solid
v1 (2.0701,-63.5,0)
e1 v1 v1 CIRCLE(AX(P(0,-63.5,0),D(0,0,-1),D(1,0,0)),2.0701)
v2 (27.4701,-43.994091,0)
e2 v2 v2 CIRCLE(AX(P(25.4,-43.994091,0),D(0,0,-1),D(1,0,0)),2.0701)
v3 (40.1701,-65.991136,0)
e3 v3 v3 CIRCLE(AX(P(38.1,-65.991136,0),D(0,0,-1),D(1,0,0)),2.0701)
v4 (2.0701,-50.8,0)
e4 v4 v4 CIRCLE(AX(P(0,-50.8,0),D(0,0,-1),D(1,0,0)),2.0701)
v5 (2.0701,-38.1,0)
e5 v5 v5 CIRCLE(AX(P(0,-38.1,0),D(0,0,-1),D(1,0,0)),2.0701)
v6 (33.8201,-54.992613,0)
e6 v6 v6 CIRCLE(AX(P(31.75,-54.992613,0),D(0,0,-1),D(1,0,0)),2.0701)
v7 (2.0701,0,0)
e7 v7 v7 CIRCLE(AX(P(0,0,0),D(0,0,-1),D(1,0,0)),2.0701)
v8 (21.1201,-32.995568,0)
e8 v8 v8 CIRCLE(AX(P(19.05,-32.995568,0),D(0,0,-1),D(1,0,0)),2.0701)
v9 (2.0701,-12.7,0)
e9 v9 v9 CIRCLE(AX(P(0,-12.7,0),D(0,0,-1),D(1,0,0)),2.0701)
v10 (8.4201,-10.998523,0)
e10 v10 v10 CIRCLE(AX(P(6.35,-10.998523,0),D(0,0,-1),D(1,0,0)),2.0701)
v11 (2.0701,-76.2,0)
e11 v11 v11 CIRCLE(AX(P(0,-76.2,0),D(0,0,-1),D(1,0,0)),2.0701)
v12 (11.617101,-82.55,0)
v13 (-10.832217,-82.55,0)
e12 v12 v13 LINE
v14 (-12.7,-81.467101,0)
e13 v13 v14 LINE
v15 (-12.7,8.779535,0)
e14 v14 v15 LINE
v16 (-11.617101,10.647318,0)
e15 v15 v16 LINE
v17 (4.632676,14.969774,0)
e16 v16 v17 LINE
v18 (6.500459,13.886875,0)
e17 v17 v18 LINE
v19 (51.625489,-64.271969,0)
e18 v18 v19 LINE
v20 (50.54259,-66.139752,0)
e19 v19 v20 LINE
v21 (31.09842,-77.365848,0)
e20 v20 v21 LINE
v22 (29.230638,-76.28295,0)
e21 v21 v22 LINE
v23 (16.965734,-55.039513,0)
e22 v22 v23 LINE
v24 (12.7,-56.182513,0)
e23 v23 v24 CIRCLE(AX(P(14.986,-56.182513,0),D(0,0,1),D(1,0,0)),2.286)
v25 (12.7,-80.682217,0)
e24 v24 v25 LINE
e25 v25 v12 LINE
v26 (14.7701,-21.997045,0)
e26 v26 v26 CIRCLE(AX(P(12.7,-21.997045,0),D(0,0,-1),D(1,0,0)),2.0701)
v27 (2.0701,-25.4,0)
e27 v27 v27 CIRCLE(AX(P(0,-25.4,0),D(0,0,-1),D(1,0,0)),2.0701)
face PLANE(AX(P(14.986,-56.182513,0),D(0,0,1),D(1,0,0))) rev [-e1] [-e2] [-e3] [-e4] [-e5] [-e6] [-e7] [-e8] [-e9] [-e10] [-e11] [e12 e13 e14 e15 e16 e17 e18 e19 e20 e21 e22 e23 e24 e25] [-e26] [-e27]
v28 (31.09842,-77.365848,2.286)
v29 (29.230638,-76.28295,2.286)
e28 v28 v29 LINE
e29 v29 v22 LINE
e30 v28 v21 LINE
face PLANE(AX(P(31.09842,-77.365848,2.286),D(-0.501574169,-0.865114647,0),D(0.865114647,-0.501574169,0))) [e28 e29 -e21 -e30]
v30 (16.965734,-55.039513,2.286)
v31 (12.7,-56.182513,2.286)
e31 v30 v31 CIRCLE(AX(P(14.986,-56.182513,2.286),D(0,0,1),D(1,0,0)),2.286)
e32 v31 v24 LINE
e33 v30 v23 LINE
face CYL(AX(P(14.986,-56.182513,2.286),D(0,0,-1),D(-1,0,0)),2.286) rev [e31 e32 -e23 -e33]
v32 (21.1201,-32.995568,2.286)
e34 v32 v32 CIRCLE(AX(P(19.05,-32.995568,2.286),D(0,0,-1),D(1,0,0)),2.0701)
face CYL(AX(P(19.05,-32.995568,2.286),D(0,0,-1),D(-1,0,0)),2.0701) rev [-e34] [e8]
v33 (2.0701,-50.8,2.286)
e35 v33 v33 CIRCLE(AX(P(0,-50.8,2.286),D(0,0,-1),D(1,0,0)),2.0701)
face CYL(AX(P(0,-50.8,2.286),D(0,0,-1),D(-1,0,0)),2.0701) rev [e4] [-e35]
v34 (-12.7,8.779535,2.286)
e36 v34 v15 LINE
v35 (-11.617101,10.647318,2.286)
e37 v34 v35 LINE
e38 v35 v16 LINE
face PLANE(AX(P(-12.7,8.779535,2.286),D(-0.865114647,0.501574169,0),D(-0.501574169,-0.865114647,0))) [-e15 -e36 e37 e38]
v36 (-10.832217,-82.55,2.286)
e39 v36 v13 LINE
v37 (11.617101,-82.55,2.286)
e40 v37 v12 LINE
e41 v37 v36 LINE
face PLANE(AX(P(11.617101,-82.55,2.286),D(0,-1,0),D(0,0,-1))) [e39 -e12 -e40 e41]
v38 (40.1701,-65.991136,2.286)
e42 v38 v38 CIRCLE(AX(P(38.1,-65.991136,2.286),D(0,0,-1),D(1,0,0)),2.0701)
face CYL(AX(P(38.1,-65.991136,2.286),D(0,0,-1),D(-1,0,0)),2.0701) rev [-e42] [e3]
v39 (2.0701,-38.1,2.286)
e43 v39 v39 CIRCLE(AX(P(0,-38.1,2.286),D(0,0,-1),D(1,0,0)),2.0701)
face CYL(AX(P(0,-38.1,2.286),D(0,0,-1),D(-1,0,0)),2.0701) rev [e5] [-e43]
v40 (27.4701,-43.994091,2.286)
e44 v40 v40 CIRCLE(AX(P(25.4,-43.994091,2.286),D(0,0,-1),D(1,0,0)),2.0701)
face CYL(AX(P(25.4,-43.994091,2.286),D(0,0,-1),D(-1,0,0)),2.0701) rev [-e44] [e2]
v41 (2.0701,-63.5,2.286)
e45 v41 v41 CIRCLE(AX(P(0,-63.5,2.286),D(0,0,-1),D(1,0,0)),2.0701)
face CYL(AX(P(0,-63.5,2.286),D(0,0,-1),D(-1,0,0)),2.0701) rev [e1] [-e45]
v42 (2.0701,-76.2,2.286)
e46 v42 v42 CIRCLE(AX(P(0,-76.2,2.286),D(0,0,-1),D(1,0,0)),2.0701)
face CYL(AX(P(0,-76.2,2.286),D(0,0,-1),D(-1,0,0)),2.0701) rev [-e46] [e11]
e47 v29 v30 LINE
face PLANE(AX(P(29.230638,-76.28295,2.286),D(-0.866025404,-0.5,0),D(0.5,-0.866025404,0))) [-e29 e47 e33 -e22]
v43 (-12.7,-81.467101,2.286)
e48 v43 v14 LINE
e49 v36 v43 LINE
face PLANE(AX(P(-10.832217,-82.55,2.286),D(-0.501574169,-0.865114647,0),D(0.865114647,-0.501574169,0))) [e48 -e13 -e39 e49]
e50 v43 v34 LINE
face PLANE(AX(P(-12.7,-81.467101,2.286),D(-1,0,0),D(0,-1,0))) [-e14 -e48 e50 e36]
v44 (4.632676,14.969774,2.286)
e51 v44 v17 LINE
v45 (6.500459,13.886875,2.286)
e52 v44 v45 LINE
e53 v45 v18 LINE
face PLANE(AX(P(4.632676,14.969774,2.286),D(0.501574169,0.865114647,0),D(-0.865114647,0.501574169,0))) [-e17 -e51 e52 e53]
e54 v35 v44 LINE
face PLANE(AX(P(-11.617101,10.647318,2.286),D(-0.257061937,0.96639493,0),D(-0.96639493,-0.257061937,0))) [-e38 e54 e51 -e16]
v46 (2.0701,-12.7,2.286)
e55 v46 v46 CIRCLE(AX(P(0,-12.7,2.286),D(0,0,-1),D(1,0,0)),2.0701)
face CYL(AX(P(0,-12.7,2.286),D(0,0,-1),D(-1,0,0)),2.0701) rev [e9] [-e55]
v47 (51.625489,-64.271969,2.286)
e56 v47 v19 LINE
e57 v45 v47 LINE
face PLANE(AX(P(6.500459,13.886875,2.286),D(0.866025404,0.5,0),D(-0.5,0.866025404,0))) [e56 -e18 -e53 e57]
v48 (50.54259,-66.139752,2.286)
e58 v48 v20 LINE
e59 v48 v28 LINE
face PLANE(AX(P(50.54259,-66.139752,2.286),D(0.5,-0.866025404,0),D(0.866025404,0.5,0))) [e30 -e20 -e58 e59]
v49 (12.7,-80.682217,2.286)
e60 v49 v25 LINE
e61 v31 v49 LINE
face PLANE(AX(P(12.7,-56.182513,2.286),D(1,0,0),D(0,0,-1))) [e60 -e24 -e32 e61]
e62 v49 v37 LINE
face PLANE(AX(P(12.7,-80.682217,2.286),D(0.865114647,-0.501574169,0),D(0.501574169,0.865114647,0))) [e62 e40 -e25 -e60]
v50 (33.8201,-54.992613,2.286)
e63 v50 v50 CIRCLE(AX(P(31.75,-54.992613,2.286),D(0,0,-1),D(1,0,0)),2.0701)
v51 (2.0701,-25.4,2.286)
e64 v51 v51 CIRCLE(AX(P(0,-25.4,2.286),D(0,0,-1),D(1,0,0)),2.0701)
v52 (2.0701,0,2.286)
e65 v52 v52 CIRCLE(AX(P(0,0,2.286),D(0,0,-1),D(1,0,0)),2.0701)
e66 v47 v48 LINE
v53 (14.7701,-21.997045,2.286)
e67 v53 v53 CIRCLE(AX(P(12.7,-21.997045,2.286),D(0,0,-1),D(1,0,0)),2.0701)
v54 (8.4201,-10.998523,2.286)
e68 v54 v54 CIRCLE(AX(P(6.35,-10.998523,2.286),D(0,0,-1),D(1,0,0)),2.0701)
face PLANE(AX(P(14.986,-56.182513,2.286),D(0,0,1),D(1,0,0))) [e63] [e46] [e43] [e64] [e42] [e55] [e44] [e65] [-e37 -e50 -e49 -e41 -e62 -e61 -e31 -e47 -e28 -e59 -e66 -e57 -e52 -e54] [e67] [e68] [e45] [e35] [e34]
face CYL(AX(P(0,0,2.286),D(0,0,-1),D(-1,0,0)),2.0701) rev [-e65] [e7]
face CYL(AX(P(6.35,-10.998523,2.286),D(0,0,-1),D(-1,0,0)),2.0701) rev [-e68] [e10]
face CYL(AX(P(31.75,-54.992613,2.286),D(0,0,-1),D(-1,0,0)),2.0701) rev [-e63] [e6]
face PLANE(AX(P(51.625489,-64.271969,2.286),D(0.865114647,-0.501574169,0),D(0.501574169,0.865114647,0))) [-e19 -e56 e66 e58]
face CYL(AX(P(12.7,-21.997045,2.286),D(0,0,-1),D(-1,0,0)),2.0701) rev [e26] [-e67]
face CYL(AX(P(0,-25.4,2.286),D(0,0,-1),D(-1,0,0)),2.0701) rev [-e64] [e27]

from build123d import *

# Parameters (mm, degrees)
SKETCH1_R           = 2.0701
BOSS_EXTRUDE1_DEPTH = 2.286


with BuildPart() as part:
    # Sketch1 → Boss-Extrude1 (new body)
    with BuildSketch(Plane(origin=(0, 0, 0), x_dir=(-1, 0, 0), z_dir=(0, 0, -1))):
        with BuildLine():
            Line((-29.230637652, -76.282949552), (-16.965734073, -55.039513402))
            ThreePointArc((-16.965734073, -55.039513402), (-14.394339663, -53.974406963), (-12.7, -56.182513402))
            Line((-12.7, -56.182513402), (-12.7, -80.682217477))
            Line((-12.7, -80.682217477), (-11.617101368, -82.55))
            Line((-11.617101368, -82.55), (10.832217477, -82.55))
            Line((10.832217477, -82.55), (12.7, -81.467101368))
            Line((12.7, -81.467101368), (12.7, 8.779535349))
            Line((12.7, 8.779535349), (11.617101368, 10.647317872))
            Line((11.617101368, 10.647317872), (-4.632676327, 14.969773631))
            Line((-4.632676327, 14.969773631), (-6.50045885, 13.886874999))
            Line((-6.50045885, 13.886874999), (-51.625488503, -64.271969053))
            Line((-51.625488503, -64.271969053), (-50.542589871, -66.139751576))
            Line((-50.542589871, -66.139751576), (-31.098420176, -77.365848184))
            Line((-31.098420176, -77.365848184), (-29.230637652, -76.282949552))
        make_face()
        with Locations((-38.1, -65.991135768)):
            Circle(SKETCH1_R, mode=Mode.SUBTRACT)
        with Locations((0, -63.5)):
            Circle(SKETCH1_R, mode=Mode.SUBTRACT)
        with Locations((-25.4, -43.994090512)):
            Circle(SKETCH1_R, mode=Mode.SUBTRACT)
        with Locations((-12.7, -21.997045256)):
            Circle(SKETCH1_R, mode=Mode.SUBTRACT)
        with Locations((0, -38.1)):
            Circle(SKETCH1_R, mode=Mode.SUBTRACT)
        with Locations((0, -12.7)):
            Circle(SKETCH1_R, mode=Mode.SUBTRACT)
        Circle(SKETCH1_R, mode=Mode.SUBTRACT)
        with Locations((-6.35, -10.998522628)):
            Circle(SKETCH1_R, mode=Mode.SUBTRACT)
        with Locations((0, -25.4)):
            Circle(SKETCH1_R, mode=Mode.SUBTRACT)
        with Locations((0, -50.8)):
            Circle(SKETCH1_R, mode=Mode.SUBTRACT)
        with Locations((-19.05, -32.995567884)):
            Circle(SKETCH1_R, mode=Mode.SUBTRACT)
        with Locations((-31.75, -54.99261314)):
            Circle(SKETCH1_R, mode=Mode.SUBTRACT)
        with Locations((0, -76.2)):
            Circle(SKETCH1_R, mode=Mode.SUBTRACT)
    extrude(amount=-BOSS_EXTRUDE1_DEPTH)


solid = part.part
